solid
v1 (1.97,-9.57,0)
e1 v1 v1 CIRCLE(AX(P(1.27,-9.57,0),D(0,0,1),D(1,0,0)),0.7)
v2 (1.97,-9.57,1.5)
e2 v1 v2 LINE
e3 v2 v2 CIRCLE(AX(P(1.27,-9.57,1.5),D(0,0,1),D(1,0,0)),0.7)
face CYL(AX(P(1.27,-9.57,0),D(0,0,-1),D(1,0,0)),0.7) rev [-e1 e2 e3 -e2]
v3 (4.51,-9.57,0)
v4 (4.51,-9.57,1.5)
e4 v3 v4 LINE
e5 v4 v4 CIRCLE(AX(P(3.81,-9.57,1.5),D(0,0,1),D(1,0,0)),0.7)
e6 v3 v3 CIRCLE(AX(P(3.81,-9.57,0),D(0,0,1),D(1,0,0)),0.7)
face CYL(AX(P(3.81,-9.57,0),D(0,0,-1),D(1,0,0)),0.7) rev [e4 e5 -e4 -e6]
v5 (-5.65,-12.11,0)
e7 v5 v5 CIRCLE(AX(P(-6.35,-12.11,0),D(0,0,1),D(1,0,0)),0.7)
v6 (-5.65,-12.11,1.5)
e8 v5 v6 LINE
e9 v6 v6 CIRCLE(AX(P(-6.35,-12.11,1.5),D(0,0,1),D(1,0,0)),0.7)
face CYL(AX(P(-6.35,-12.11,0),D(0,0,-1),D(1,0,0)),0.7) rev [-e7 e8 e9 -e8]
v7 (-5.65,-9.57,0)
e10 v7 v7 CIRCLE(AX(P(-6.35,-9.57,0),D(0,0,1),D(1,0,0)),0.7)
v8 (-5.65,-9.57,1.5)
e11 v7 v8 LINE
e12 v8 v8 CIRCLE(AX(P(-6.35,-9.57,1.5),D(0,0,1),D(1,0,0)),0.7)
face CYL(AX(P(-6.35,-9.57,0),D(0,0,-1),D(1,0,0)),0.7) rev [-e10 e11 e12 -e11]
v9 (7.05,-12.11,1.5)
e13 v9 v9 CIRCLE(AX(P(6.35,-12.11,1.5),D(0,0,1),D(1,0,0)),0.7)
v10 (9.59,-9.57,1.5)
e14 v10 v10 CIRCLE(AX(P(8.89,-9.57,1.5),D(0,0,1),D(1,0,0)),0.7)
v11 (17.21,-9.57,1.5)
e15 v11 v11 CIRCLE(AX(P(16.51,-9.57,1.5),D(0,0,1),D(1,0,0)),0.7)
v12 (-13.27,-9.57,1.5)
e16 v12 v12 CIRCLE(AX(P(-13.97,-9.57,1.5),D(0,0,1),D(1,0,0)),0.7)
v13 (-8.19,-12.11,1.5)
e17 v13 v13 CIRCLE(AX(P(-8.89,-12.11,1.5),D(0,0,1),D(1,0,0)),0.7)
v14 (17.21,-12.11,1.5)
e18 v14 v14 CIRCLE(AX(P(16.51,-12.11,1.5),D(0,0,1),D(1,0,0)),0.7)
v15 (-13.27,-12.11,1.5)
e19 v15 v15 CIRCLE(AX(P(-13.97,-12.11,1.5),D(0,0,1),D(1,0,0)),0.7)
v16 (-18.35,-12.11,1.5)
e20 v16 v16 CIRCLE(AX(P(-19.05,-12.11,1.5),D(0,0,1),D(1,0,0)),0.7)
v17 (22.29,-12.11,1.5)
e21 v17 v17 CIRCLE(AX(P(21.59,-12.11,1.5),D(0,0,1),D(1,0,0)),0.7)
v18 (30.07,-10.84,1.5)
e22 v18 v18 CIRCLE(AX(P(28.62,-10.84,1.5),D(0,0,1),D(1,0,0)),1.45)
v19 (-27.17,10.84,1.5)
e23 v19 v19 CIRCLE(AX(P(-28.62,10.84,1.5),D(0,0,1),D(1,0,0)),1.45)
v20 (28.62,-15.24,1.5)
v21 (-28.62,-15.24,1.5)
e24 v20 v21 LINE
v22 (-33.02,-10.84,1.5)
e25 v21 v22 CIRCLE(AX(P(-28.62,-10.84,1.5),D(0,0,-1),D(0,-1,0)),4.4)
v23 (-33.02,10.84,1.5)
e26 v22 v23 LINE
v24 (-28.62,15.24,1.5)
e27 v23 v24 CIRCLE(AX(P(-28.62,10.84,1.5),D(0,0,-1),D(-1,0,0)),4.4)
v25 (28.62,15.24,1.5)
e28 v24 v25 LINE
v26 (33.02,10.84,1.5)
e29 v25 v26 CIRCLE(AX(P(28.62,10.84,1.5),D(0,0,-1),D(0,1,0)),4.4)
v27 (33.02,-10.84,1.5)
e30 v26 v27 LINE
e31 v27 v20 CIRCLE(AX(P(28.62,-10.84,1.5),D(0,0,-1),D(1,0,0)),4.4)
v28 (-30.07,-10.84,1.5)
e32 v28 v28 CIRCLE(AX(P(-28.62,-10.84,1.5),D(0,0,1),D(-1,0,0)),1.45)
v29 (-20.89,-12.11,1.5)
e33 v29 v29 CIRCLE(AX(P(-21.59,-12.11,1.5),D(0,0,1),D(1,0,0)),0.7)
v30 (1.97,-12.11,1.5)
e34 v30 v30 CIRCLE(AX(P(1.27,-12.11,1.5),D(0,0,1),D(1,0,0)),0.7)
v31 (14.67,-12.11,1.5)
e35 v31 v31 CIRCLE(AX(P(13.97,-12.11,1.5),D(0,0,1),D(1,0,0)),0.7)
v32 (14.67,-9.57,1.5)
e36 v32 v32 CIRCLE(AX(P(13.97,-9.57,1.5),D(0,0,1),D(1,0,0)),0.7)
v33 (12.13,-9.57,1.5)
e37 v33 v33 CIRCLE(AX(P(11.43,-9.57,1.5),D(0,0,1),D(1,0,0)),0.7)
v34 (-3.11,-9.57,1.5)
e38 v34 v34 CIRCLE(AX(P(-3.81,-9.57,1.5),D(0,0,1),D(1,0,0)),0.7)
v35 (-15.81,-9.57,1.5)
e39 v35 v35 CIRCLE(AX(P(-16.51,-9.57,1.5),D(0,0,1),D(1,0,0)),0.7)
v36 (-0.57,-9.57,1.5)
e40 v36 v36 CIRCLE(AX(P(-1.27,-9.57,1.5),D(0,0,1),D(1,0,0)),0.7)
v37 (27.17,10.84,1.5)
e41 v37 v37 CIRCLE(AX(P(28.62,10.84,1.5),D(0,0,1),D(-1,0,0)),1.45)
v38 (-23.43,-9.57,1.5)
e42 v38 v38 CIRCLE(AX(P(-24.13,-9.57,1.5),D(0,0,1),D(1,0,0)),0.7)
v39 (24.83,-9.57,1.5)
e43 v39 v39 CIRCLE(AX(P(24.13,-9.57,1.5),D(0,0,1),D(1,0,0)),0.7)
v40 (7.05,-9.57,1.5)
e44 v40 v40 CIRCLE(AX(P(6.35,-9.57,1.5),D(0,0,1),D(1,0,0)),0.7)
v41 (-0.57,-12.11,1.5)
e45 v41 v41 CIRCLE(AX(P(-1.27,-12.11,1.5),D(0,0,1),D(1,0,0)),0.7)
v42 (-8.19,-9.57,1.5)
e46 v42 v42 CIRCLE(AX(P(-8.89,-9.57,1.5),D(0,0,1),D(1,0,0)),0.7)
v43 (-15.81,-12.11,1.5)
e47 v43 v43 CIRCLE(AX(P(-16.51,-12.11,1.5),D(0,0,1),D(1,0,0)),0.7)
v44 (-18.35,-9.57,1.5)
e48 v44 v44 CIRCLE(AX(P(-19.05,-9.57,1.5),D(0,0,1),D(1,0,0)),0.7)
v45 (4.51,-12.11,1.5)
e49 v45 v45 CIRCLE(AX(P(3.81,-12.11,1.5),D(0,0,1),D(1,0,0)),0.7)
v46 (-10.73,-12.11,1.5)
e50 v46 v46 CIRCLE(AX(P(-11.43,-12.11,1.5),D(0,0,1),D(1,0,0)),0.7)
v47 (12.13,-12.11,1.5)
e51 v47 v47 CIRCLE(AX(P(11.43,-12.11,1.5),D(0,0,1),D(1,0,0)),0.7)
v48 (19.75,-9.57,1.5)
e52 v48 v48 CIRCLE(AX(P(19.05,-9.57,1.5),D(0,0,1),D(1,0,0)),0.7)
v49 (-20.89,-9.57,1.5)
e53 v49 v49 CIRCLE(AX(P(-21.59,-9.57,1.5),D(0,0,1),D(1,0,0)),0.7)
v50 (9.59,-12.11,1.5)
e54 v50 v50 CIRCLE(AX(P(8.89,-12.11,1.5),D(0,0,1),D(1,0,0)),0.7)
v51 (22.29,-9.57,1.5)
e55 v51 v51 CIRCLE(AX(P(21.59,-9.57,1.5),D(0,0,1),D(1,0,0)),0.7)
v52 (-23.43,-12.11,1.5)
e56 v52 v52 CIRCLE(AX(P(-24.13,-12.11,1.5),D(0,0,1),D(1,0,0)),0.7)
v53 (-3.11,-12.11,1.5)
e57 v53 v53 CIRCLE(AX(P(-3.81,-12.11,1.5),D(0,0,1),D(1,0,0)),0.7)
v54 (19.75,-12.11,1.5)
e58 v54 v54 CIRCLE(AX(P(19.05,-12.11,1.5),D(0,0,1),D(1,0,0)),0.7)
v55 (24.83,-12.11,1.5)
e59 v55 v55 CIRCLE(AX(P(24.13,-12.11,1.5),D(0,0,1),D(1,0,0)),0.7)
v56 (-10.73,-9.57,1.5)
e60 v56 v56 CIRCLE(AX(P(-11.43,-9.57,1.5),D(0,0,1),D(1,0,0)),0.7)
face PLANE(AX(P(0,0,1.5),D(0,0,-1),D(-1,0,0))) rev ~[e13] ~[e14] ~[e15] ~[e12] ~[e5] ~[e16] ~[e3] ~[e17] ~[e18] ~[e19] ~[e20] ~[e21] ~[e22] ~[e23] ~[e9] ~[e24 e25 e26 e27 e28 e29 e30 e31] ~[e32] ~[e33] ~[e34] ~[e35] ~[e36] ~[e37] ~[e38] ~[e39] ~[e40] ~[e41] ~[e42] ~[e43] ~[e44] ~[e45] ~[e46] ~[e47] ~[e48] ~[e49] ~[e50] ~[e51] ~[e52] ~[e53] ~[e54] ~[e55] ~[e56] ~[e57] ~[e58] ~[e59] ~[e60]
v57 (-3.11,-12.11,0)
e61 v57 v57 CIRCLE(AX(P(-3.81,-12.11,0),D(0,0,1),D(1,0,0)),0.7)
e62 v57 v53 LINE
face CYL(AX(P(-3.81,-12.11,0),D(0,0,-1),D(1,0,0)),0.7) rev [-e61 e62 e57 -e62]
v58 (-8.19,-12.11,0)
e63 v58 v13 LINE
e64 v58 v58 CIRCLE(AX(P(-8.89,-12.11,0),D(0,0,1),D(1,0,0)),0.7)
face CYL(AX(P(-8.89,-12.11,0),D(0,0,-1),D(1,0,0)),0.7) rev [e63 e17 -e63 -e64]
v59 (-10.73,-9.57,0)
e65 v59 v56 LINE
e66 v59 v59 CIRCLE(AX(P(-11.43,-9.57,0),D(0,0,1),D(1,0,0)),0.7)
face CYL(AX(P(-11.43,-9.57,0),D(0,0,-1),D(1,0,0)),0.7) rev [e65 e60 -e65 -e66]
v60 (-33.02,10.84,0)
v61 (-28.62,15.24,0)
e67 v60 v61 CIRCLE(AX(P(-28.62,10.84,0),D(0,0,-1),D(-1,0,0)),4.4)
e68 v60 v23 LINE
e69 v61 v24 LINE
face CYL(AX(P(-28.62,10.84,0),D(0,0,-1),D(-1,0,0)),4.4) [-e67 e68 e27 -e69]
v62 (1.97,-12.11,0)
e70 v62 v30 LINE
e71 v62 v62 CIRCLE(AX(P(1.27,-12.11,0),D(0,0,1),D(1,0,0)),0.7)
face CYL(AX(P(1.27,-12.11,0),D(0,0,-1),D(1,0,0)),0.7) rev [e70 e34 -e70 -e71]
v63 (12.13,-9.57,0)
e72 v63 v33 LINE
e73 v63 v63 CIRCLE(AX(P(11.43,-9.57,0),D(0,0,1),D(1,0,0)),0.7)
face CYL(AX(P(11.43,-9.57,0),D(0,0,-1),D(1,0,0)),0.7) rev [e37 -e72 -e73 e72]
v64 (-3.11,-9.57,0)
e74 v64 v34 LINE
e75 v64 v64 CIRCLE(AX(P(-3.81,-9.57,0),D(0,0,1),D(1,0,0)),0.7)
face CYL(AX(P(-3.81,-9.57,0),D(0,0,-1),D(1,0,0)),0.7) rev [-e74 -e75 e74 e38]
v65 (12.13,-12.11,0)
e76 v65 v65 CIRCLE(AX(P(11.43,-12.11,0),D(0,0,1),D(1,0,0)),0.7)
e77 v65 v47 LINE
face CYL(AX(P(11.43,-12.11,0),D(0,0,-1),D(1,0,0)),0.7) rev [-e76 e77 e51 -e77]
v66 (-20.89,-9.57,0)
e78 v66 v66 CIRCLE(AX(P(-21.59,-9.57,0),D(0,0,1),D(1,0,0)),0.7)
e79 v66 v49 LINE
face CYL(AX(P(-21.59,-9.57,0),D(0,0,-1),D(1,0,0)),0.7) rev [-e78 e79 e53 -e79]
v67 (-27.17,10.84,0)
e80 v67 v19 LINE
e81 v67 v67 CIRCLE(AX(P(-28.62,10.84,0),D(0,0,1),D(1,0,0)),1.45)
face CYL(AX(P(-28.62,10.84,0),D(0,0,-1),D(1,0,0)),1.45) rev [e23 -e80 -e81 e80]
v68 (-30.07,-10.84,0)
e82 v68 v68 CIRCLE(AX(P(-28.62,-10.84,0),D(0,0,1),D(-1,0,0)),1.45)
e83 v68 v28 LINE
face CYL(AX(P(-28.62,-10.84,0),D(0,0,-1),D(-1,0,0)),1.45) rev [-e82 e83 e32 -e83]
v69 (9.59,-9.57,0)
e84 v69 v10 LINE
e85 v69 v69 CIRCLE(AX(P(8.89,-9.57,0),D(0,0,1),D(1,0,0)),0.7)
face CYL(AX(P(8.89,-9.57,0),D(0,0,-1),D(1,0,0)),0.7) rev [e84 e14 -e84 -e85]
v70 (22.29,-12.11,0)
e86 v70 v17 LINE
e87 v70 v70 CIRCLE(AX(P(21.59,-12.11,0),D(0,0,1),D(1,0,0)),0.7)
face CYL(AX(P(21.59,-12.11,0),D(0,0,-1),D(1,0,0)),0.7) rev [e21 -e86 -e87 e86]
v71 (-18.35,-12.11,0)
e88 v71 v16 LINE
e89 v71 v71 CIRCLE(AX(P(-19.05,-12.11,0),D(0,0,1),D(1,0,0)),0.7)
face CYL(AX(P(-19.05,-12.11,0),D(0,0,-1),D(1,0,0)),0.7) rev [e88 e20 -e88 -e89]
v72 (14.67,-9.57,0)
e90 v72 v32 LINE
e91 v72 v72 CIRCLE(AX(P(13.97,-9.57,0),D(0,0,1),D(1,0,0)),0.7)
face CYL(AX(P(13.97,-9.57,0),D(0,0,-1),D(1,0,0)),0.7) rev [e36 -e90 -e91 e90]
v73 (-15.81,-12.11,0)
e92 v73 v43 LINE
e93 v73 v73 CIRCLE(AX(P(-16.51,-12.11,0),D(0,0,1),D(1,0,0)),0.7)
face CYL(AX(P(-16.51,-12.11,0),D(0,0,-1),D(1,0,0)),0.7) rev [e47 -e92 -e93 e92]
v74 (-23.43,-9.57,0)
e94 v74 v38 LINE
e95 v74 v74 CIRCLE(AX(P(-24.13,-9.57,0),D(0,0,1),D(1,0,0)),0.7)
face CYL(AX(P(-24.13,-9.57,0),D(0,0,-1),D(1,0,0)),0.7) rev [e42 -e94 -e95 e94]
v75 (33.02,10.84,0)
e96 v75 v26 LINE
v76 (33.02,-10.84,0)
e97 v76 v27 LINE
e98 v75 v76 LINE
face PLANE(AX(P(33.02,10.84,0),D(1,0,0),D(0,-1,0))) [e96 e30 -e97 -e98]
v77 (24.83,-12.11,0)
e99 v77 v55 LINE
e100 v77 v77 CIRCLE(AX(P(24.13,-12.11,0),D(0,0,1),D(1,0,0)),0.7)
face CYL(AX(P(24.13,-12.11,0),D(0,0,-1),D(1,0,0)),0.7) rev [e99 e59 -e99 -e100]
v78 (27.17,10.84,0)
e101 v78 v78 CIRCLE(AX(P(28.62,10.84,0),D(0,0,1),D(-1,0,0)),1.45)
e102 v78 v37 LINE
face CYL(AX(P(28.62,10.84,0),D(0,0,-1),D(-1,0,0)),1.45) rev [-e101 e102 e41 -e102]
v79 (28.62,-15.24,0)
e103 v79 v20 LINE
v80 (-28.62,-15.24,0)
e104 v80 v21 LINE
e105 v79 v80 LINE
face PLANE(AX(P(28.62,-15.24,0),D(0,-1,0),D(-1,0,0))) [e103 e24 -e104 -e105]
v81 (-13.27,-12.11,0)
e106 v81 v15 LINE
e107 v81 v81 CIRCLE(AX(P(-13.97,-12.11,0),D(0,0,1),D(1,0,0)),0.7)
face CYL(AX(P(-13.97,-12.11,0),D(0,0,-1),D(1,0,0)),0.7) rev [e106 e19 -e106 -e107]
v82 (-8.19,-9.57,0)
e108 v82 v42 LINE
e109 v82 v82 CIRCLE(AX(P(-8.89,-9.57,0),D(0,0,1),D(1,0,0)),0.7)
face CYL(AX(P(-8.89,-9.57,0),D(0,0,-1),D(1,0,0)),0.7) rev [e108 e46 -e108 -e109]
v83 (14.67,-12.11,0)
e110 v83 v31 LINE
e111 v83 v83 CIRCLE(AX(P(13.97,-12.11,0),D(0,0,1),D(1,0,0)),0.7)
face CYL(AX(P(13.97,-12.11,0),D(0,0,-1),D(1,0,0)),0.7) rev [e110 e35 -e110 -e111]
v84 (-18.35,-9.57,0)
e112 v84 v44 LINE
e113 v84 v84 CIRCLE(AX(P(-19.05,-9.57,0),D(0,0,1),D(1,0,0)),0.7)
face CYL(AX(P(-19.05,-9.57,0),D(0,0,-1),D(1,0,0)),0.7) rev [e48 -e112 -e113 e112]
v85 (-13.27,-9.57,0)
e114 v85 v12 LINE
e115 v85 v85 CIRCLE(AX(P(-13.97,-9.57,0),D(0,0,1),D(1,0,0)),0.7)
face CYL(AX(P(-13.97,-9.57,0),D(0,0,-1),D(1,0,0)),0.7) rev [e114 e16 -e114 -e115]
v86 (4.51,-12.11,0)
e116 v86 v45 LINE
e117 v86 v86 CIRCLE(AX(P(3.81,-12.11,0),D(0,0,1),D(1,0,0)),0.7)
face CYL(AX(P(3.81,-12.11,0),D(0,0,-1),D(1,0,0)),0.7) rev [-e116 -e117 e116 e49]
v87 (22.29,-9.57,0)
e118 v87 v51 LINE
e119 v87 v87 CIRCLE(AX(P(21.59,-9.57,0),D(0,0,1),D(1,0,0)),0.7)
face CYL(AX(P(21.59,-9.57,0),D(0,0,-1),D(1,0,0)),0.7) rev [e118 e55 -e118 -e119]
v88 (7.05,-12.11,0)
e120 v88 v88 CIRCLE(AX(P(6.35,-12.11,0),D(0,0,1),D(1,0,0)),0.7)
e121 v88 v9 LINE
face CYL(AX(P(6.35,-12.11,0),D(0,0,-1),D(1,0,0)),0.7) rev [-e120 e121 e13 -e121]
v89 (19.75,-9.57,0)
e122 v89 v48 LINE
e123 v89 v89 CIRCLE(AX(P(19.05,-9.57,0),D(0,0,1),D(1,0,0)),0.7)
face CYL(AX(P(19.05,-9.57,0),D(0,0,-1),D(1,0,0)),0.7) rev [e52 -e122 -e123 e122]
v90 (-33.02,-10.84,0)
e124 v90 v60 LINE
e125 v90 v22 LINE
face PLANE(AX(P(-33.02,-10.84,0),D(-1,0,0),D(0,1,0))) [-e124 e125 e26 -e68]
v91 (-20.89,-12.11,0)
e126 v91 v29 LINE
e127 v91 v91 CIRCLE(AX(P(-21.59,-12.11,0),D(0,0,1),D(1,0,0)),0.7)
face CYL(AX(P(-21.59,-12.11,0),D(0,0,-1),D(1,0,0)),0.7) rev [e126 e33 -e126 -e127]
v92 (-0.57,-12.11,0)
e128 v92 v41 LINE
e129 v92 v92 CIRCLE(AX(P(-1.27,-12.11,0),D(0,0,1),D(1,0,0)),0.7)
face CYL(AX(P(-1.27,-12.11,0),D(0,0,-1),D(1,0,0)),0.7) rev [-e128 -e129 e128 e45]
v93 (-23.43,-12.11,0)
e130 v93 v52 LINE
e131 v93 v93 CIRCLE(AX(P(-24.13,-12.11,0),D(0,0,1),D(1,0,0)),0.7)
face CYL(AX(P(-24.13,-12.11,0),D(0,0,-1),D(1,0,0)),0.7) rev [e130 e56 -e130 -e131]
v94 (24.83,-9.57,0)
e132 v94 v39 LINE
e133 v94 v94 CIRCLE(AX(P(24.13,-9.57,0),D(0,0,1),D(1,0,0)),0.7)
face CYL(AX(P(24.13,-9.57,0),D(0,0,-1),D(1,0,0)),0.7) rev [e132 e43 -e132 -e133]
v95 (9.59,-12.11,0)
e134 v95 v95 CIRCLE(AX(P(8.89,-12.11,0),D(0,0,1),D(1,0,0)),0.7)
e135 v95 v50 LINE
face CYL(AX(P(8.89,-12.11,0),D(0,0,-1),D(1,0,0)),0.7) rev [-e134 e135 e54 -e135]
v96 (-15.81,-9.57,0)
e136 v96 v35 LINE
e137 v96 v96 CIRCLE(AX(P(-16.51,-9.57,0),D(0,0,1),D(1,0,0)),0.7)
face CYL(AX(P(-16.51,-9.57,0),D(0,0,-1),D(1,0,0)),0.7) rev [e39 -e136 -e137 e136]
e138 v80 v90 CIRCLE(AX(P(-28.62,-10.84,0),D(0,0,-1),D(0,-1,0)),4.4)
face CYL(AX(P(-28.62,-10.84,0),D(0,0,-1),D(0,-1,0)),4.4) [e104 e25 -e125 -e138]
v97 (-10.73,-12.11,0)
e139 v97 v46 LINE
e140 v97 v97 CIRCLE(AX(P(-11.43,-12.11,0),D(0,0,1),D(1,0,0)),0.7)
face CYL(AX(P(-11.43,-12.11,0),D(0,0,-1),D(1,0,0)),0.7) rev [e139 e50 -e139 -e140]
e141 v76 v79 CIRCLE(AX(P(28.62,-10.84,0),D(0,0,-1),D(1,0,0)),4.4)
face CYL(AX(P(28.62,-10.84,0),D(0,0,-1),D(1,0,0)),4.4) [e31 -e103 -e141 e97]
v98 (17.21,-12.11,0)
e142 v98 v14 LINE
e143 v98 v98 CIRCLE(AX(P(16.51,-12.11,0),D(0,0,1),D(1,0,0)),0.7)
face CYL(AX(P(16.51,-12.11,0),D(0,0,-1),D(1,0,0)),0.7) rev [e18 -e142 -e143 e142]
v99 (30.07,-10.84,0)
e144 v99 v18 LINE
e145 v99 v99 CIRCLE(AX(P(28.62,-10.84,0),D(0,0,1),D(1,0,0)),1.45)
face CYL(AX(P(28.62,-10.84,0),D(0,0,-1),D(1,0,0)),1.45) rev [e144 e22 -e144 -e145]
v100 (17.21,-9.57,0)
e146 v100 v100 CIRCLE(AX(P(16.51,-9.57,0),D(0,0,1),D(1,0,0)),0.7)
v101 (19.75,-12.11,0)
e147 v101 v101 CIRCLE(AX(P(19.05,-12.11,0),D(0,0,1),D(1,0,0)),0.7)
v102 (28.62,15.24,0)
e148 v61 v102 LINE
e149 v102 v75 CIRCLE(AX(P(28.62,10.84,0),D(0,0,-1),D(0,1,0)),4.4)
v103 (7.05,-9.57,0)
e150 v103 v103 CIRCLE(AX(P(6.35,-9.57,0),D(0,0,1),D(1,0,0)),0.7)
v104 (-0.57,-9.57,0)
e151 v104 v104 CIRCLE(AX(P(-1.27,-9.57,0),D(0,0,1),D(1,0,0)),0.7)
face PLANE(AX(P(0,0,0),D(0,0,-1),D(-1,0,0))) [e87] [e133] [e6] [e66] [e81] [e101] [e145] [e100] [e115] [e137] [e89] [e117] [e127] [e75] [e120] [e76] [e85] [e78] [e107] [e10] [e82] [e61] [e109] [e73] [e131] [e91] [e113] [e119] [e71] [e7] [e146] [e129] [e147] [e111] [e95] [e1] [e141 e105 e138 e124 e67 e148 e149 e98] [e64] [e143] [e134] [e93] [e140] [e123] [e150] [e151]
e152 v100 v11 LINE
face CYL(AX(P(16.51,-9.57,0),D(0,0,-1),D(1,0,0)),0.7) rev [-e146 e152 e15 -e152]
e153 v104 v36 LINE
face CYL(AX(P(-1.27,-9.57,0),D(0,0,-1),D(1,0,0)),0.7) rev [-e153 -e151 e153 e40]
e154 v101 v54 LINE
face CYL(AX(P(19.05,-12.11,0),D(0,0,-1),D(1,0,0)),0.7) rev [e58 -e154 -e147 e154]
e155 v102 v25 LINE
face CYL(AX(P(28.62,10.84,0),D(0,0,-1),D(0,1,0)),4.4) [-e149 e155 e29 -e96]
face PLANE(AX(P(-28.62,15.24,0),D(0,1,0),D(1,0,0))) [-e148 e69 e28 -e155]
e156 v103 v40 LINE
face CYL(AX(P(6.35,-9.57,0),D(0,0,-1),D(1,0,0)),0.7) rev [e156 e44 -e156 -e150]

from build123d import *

# Parameters (mm, degrees)
CROQUIS1_R              = 1.45
CROQUIS1_R_2            = 0.7
SALIENTE_EXTRUIR1_DEPTH = 1.5


with BuildPart() as part:
    # Croquis1 → Saliente-Extruir1 (new body)
    with BuildSketch(Plane.XY):
        with BuildLine():
            Line((28.62, -15.24), (-28.62, -15.24))
            ThreePointArc((-28.62, -15.24), (-31.731269837, -13.951269837), (-33.02, -10.84))
            Line((-33.02, -10.84), (-33.02, 10.84))
            ThreePointArc((-33.02, 10.84), (-31.731269837, 13.951269837), (-28.62, 15.24))
            Line((-28.62, 15.24), (28.62, 15.24))
            ThreePointArc((28.62, 15.24), (31.731269837, 13.951269837), (33.02, 10.84))
            Line((33.02, 10.84), (33.02, -10.84))
            ThreePointArc((33.02, -10.84), (31.731269837, -13.951269837), (28.62, -15.24))
        make_face()
        with Locations((-28.62, 10.84)):
            Circle(CROQUIS1_R, mode=Mode.SUBTRACT)
        with Locations(Location((28.62, 10.84, 0), (0, 0, 180))):
            Circle(CROQUIS1_R, mode=Mode.SUBTRACT)
        with Locations((28.62, -10.84)):
            Circle(CROQUIS1_R, mode=Mode.SUBTRACT)
        with Locations(Location((-28.62, -10.84, 0), (0, 0, 180))):
            Circle(CROQUIS1_R, mode=Mode.SUBTRACT)
        with Locations((-24.13, -9.57)):
            Circle(CROQUIS1_R_2, mode=Mode.SUBTRACT)
        with Locations((-24.13, -12.11)):
            Circle(CROQUIS1_R_2, mode=Mode.SUBTRACT)
        with Locations((-21.59, -9.57)):
            Circle(CROQUIS1_R_2, mode=Mode.SUBTRACT)
        with Locations((-21.59, -12.11)):
            Circle(CROQUIS1_R_2, mode=Mode.SUBTRACT)
        with Locations((-19.05, -9.57)):
            Circle(CROQUIS1_R_2, mode=Mode.SUBTRACT)
        with Locations((-19.05, -12.11)):
            Circle(CROQUIS1_R_2, mode=Mode.SUBTRACT)
        with Locations((-16.51, -9.57)):
            Circle(CROQUIS1_R_2, mode=Mode.SUBTRACT)
        with Locations((-16.51, -12.11)):
            Circle(CROQUIS1_R_2, mode=Mode.SUBTRACT)
        with Locations((-13.97, -9.57)):
            Circle(CROQUIS1_R_2, mode=Mode.SUBTRACT)
        with Locations((-13.97, -12.11)):
            Circle(CROQUIS1_R_2, mode=Mode.SUBTRACT)
        with Locations((-11.43, -9.57)):
            Circle(CROQUIS1_R_2, mode=Mode.SUBTRACT)
        with Locations((-11.43, -12.11)):
            Circle(CROQUIS1_R_2, mode=Mode.SUBTRACT)
        with Locations((-8.89, -9.57)):
            Circle(CROQUIS1_R_2, mode=Mode.SUBTRACT)
        with Locations((-8.89, -12.11)):
            Circle(CROQUIS1_R_2, mode=Mode.SUBTRACT)
        with Locations((-6.35, -9.57)):
            Circle(CROQUIS1_R_2, mode=Mode.SUBTRACT)
        with Locations((-6.35, -12.11)):
            Circle(CROQUIS1_R_2, mode=Mode.SUBTRACT)
        with Locations((-3.81, -9.57)):
            Circle(CROQUIS1_R_2, mode=Mode.SUBTRACT)
        with Locations((-3.81, -12.11)):
            Circle(CROQUIS1_R_2, mode=Mode.SUBTRACT)
        with Locations((-1.27, -9.57)):
            Circle(CROQUIS1_R_2, mode=Mode.SUBTRACT)
        with Locations((-1.27, -12.11)):
            Circle(CROQUIS1_R_2, mode=Mode.SUBTRACT)
        with Locations((1.27, -9.57)):
            Circle(CROQUIS1_R_2, mode=Mode.SUBTRACT)
        with Locations((1.27, -12.11)):
            Circle(CROQUIS1_R_2, mode=Mode.SUBTRACT)
        with Locations((3.81, -9.57)):
            Circle(CROQUIS1_R_2, mode=Mode.SUBTRACT)
        with Locations((3.81, -12.11)):
            Circle(CROQUIS1_R_2, mode=Mode.SUBTRACT)
        with Locations((6.35, -9.57)):
            Circle(CROQUIS1_R_2, mode=Mode.SUBTRACT)
        with Locations((6.35, -12.11)):
            Circle(CROQUIS1_R_2, mode=Mode.SUBTRACT)
        with Locations((8.89, -9.57)):
            Circle(CROQUIS1_R_2, mode=Mode.SUBTRACT)
        with Locations((8.89, -12.11)):
            Circle(CROQUIS1_R_2, mode=Mode.SUBTRACT)
        with Locations((11.43, -9.57)):
            Circle(CROQUIS1_R_2, mode=Mode.SUBTRACT)
        with Locations((11.43, -12.11)):
            Circle(CROQUIS1_R_2, mode=Mode.SUBTRACT)
        with Locations((13.97, -9.57)):
            Circle(CROQUIS1_R_2, mode=Mode.SUBTRACT)
        with Locations((13.97, -12.11)):
            Circle(CROQUIS1_R_2, mode=Mode.SUBTRACT)
        with Locations((16.51, -9.57)):
            Circle(CROQUIS1_R_2, mode=Mode.SUBTRACT)
        with Locations((16.51, -12.11)):
            Circle(CROQUIS1_R_2, mode=Mode.SUBTRACT)
        with Locations((19.05, -9.57)):
            Circle(CROQUIS1_R_2, mode=Mode.SUBTRACT)
        with Locations((19.05, -12.11)):
            Circle(CROQUIS1_R_2, mode=Mode.SUBTRACT)
        with Locations((21.59, -9.57)):
            Circle(CROQUIS1_R_2, mode=Mode.SUBTRACT)
        with Locations((21.59, -12.11)):
            Circle(CROQUIS1_R_2, mode=Mode.SUBTRACT)
        with Locations((24.13, -9.57)):
            Circle(CROQUIS1_R_2, mode=Mode.SUBTRACT)
        with Locations((24.13, -12.11)):
            Circle(CROQUIS1_R_2, mode=Mode.SUBTRACT)
    extrude(amount=SALIENTE_EXTRUIR1_DEPTH)


solid = part.part
